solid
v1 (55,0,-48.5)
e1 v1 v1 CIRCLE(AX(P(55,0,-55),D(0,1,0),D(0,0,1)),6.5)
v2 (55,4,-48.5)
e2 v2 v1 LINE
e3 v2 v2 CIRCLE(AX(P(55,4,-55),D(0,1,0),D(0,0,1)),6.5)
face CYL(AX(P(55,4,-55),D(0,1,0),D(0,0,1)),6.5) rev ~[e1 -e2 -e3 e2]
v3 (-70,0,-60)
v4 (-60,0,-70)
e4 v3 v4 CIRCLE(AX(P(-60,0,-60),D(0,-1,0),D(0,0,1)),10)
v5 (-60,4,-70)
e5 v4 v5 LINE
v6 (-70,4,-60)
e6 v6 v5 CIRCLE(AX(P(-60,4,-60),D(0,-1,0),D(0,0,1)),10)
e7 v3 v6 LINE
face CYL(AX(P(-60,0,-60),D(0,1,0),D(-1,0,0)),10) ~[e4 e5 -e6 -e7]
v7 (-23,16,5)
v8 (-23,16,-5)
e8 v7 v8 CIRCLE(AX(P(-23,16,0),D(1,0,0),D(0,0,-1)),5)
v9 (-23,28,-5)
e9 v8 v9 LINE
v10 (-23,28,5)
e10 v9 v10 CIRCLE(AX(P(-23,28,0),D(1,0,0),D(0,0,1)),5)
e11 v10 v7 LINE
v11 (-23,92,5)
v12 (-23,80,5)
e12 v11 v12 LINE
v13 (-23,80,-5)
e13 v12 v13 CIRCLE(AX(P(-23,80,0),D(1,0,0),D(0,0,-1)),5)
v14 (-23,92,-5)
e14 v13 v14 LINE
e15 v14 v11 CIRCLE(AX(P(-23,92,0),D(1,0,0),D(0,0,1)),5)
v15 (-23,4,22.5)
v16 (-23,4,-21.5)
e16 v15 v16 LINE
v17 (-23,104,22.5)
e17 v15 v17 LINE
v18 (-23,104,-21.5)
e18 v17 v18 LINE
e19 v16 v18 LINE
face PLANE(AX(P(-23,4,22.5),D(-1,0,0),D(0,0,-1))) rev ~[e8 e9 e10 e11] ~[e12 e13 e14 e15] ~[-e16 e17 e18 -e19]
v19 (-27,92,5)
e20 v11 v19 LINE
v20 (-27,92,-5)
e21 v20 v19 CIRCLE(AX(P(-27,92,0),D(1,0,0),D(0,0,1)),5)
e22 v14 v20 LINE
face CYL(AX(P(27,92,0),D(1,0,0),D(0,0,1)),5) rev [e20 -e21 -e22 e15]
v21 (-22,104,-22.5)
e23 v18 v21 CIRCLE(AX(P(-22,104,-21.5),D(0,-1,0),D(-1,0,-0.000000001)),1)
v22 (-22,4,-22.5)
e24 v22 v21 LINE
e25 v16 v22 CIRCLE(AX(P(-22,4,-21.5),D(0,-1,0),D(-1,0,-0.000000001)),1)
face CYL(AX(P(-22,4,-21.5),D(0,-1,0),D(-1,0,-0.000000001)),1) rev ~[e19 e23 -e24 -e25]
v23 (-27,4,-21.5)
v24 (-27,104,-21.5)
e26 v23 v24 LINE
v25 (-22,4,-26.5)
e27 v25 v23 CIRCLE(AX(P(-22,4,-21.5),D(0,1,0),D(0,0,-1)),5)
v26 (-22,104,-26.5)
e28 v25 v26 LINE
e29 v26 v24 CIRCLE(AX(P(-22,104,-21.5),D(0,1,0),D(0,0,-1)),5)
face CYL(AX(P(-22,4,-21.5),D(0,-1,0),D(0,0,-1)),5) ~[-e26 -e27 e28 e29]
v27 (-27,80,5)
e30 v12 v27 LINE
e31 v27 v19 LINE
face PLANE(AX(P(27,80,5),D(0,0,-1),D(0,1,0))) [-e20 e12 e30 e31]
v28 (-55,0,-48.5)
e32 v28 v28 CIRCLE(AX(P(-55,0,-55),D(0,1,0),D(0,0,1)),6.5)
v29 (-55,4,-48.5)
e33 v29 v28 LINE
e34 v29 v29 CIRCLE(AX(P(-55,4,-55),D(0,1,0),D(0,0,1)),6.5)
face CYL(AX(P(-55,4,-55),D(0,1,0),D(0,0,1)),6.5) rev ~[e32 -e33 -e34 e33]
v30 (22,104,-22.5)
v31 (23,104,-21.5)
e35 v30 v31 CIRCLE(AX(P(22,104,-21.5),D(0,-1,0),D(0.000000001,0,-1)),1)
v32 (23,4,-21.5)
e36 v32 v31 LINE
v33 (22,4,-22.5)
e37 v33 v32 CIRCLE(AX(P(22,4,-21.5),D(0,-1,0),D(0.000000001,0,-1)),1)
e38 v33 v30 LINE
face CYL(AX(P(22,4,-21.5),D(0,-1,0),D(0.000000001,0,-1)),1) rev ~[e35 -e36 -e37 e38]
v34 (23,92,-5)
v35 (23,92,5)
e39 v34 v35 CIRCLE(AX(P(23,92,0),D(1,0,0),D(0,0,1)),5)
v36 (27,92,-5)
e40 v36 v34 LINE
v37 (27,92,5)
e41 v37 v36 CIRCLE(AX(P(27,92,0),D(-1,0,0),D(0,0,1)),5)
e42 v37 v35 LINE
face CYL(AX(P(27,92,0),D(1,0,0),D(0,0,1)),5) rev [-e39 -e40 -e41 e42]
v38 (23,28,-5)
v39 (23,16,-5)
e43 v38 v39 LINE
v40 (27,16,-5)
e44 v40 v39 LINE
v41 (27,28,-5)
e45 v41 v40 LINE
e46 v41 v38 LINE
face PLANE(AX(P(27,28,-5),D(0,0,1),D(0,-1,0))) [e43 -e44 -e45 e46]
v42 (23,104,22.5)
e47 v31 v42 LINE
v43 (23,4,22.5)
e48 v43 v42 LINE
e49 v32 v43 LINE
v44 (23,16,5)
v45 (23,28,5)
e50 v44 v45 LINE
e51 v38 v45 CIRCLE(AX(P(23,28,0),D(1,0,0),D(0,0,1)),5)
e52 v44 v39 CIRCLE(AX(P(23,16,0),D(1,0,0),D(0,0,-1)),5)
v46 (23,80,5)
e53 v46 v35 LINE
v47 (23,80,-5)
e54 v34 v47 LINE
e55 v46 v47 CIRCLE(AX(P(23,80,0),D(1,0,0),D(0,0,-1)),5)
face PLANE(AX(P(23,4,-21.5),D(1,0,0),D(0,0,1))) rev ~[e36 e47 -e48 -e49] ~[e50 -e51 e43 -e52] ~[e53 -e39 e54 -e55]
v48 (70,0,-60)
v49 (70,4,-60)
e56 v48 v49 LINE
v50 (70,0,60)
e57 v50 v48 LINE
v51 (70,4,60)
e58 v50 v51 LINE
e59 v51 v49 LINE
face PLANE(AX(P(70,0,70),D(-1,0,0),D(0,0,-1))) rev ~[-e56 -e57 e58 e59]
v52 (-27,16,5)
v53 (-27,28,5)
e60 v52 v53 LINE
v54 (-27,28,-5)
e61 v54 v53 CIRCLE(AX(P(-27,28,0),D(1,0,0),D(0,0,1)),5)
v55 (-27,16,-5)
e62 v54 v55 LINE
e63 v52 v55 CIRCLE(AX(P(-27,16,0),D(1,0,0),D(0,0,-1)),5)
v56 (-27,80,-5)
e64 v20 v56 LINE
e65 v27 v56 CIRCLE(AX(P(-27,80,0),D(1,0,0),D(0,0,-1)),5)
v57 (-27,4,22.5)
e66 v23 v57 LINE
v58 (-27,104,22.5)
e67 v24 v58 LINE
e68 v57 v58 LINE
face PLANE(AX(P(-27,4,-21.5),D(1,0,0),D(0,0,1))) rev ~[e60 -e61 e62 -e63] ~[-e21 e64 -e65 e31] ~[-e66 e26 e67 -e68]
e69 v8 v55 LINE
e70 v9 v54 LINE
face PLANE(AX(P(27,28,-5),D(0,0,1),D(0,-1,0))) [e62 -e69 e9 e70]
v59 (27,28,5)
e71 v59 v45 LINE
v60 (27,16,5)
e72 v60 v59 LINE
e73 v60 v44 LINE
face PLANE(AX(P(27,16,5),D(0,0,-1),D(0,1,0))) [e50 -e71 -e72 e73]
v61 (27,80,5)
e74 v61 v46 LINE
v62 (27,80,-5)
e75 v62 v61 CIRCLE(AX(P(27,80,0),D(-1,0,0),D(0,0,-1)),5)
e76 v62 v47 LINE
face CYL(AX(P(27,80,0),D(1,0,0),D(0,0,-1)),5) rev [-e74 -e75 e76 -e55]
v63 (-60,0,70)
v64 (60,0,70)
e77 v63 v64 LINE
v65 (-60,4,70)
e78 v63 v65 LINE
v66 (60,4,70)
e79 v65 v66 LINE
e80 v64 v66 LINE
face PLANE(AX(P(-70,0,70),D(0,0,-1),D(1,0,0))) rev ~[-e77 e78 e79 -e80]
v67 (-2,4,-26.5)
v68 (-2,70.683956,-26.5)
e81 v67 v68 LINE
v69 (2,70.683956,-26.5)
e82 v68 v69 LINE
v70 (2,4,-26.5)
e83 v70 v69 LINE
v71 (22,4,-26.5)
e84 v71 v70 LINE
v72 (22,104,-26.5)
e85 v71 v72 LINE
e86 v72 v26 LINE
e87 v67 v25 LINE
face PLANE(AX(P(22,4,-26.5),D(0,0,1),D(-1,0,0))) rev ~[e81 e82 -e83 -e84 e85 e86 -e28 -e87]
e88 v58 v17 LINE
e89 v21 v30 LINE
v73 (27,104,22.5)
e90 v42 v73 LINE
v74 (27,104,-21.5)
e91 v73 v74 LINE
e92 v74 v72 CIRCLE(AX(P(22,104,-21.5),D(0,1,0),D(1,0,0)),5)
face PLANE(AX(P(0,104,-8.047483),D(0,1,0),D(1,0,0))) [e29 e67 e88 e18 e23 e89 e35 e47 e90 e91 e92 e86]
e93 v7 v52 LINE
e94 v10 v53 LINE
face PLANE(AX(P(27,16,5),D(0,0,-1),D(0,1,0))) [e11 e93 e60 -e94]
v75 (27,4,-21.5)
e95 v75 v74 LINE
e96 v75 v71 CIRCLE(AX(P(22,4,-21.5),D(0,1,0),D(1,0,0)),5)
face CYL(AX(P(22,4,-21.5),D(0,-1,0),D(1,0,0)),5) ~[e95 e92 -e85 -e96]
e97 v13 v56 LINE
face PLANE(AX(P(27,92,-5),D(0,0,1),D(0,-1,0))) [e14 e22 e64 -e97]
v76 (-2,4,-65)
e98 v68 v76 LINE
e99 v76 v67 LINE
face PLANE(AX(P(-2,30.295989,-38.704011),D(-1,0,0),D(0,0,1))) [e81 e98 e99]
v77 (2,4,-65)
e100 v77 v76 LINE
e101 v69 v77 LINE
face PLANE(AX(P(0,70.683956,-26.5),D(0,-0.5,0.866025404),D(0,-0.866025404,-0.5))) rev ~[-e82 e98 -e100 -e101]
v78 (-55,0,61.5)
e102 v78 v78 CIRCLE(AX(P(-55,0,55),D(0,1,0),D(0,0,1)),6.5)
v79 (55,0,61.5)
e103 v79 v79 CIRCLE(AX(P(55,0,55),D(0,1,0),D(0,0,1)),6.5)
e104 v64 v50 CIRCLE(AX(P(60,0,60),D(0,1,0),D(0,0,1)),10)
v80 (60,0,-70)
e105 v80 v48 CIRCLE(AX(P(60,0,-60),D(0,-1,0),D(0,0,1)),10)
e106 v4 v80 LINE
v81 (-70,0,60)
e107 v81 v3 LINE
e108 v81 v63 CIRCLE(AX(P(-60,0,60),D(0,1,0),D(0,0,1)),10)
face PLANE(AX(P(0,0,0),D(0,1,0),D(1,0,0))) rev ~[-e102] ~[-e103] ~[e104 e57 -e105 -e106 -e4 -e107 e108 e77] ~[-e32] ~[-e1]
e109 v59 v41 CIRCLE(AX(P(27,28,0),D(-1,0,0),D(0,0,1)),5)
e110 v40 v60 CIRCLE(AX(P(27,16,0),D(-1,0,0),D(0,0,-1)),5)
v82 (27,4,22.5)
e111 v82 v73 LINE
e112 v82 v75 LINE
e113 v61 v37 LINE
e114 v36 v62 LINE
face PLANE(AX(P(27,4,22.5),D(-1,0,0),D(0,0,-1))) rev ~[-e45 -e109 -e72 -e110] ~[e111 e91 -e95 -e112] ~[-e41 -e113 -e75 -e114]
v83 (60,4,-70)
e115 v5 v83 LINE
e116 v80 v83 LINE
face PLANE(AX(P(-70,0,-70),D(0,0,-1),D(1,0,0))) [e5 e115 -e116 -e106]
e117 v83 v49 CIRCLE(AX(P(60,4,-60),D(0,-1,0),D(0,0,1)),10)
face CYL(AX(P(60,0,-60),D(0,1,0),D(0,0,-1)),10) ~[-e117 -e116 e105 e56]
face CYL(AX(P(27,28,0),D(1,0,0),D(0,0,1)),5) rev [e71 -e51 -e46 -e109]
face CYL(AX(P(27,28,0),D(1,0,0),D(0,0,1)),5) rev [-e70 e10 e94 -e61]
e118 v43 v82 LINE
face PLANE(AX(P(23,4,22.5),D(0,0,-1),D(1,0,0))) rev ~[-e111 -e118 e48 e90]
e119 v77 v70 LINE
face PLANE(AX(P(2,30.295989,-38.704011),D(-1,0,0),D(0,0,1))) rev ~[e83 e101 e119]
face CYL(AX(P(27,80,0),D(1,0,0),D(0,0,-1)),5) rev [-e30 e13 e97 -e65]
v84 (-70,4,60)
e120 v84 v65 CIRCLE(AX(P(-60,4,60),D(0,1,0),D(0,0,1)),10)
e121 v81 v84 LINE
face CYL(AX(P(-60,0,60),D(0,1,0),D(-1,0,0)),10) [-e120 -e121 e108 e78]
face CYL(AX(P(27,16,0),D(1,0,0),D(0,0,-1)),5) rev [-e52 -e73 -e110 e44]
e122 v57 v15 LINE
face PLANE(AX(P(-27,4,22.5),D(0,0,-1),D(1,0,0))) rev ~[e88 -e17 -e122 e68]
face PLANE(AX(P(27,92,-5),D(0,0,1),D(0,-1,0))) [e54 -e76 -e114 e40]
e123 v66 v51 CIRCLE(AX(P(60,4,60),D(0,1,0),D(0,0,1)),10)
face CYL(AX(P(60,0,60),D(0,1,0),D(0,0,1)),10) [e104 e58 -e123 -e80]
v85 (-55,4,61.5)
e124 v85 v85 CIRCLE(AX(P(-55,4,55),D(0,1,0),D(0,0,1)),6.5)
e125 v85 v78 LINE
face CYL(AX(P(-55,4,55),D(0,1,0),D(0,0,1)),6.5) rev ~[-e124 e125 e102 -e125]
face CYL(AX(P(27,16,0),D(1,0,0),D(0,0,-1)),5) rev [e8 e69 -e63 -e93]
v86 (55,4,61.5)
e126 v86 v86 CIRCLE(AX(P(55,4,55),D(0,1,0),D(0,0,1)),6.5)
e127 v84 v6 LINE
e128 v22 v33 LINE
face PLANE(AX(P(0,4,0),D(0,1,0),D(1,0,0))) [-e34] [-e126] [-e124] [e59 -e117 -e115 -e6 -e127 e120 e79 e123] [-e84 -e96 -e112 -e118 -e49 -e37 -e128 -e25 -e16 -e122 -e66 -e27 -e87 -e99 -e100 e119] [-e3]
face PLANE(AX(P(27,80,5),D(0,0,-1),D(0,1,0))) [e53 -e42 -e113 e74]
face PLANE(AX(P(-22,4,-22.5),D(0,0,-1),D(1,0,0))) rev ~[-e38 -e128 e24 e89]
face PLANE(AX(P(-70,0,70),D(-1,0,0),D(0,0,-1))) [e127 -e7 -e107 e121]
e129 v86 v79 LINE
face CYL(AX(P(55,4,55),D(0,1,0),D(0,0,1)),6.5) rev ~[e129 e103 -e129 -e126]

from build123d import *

# Parameters (mm, degrees)
SKETCH_2_W          = 140
SKETCH_2_H          = 140
EXTRUDE_1_DEPTH     = 4
EXTRUDE_1_2_DEPTH   = 100
EXTRUDE_2_DEPTH     = 2
CUT_EXTRUDE_1_DEPTH = 98
SKETCH_6_R          = 6.5
CUT_EXTRUDE_2_DEPTH = 5
FILLET_1_R          = 10


with BuildPart() as part:
    # Эскиз2 → Extrude 1 (new body)
    with BuildSketch(Plane(origin=(0, 0, 0), x_dir=(1, 0, 0), z_dir=(0, 1, 0))):
        Rectangle(SKETCH_2_W, SKETCH_2_H)
    extrude(amount=EXTRUDE_1_DEPTH)

    # Эскиз3 → Extrude 1 2 (add)
    with BuildSketch(Plane(origin=(0, 4, 0), x_dir=(1, 0, 0), z_dir=(0, 1, 0))):
        with BuildLine():
            Line((-23, -22.5), (-23, 21.5))
            ThreePointArc((-23, 21.5), (-22.707106781, 22.207106781), (-22, 22.5))
            Line((-22, 22.5), (22, 22.5))
            ThreePointArc((22, 22.5), (22.707106781, 22.207106781), (23, 21.5))
            Line((23, 21.5), (23, -22.5))
            Line((23, -22.5), (27, -22.5))
            Line((27, -22.5), (27, 21.5))
            ThreePointArc((27, 21.5), (25.535533906, 25.035533906), (22, 26.5))
            Line((22, 26.5), (-22, 26.5))
            ThreePointArc((-22, 26.5), (-25.535533906, 25.035533906), (-27, 21.5))
            Line((-27, 21.5), (-27, -22.5))
            Line((-27, -22.5), (-23, -22.5))
        make_face()
    extrude(amount=EXTRUDE_1_2_DEPTH)

    # Эскиз4 → Бобышка-Вытянуть2 (add, symmetric)
    with BuildSketch(Plane(origin=(0, 0, 0), x_dir=(0, 0, -1), z_dir=(1, 0, 0))):
        Polygon((26.5, 70.683956091), (65, 4), (26.5, 4), align=None)
    extrude(amount=EXTRUDE_2_DEPTH, both=True)

    # Эскиз5 → Вырез-Вытянуть1 (cut, through all)
    with BuildSketch(Plane(origin=(27, 0, 0), x_dir=(0, 0, -1), z_dir=(1, 0, 0))):
        with BuildLine():
            Line((5, 92), (5, 80))
            ThreePointArc((5, 80), (0, 75), (-5, 80))
            Line((-5, 80), (-5, 92))
            ThreePointArc((-5, 92), (0, 97), (5, 92))
        make_face()
        with BuildLine():
            Line((5, 28), (5, 16))
            ThreePointArc((5, 16), (0, 11), (-5, 16))
            Line((-5, 16), (-5, 28))
            ThreePointArc((-5, 28), (0, 33), (5, 28))
        make_face()
    extrude(amount=-CUT_EXTRUDE_1_DEPTH, mode=Mode.SUBTRACT)

    # Эскиз6 → Вырез-Вытянуть2 (cut, through all)
    with BuildSketch(Plane(origin=(0, 4, 0), x_dir=(1, 0, 0), z_dir=(0, 1, 0))):
        with Locations(Location((-55, 55, 0), (0, 0, 270))):  # turned: the seam where the file's is
            Circle(SKETCH_6_R)
        with Locations(Location((-55, -55, 0), (0, 0, 270))):  # turned: the seam where the file's is
            Circle(SKETCH_6_R)
        with Locations(Location((55, 55, 0), (0, 0, 270))):  # turned: the seam where the file's is
            Circle(SKETCH_6_R)
        with Locations(Location((55, -55, 0), (0, 0, 270))):  # turned: the seam where the file's is
            Circle(SKETCH_6_R)
    extrude(amount=-CUT_EXTRUDE_2_DEPTH, mode=Mode.SUBTRACT)

    # Скругление1
    fillet_1_edges = [part.edges().sort_by_distance(p)[0] for p in [
        (70, 2, 70),
        (-70, 2, 70),
        (-70, 2, -70),
        (70, 2, -70),
    ]]
    fillet(fillet_1_edges, radius=FILLET_1_R)


solid = part.part
